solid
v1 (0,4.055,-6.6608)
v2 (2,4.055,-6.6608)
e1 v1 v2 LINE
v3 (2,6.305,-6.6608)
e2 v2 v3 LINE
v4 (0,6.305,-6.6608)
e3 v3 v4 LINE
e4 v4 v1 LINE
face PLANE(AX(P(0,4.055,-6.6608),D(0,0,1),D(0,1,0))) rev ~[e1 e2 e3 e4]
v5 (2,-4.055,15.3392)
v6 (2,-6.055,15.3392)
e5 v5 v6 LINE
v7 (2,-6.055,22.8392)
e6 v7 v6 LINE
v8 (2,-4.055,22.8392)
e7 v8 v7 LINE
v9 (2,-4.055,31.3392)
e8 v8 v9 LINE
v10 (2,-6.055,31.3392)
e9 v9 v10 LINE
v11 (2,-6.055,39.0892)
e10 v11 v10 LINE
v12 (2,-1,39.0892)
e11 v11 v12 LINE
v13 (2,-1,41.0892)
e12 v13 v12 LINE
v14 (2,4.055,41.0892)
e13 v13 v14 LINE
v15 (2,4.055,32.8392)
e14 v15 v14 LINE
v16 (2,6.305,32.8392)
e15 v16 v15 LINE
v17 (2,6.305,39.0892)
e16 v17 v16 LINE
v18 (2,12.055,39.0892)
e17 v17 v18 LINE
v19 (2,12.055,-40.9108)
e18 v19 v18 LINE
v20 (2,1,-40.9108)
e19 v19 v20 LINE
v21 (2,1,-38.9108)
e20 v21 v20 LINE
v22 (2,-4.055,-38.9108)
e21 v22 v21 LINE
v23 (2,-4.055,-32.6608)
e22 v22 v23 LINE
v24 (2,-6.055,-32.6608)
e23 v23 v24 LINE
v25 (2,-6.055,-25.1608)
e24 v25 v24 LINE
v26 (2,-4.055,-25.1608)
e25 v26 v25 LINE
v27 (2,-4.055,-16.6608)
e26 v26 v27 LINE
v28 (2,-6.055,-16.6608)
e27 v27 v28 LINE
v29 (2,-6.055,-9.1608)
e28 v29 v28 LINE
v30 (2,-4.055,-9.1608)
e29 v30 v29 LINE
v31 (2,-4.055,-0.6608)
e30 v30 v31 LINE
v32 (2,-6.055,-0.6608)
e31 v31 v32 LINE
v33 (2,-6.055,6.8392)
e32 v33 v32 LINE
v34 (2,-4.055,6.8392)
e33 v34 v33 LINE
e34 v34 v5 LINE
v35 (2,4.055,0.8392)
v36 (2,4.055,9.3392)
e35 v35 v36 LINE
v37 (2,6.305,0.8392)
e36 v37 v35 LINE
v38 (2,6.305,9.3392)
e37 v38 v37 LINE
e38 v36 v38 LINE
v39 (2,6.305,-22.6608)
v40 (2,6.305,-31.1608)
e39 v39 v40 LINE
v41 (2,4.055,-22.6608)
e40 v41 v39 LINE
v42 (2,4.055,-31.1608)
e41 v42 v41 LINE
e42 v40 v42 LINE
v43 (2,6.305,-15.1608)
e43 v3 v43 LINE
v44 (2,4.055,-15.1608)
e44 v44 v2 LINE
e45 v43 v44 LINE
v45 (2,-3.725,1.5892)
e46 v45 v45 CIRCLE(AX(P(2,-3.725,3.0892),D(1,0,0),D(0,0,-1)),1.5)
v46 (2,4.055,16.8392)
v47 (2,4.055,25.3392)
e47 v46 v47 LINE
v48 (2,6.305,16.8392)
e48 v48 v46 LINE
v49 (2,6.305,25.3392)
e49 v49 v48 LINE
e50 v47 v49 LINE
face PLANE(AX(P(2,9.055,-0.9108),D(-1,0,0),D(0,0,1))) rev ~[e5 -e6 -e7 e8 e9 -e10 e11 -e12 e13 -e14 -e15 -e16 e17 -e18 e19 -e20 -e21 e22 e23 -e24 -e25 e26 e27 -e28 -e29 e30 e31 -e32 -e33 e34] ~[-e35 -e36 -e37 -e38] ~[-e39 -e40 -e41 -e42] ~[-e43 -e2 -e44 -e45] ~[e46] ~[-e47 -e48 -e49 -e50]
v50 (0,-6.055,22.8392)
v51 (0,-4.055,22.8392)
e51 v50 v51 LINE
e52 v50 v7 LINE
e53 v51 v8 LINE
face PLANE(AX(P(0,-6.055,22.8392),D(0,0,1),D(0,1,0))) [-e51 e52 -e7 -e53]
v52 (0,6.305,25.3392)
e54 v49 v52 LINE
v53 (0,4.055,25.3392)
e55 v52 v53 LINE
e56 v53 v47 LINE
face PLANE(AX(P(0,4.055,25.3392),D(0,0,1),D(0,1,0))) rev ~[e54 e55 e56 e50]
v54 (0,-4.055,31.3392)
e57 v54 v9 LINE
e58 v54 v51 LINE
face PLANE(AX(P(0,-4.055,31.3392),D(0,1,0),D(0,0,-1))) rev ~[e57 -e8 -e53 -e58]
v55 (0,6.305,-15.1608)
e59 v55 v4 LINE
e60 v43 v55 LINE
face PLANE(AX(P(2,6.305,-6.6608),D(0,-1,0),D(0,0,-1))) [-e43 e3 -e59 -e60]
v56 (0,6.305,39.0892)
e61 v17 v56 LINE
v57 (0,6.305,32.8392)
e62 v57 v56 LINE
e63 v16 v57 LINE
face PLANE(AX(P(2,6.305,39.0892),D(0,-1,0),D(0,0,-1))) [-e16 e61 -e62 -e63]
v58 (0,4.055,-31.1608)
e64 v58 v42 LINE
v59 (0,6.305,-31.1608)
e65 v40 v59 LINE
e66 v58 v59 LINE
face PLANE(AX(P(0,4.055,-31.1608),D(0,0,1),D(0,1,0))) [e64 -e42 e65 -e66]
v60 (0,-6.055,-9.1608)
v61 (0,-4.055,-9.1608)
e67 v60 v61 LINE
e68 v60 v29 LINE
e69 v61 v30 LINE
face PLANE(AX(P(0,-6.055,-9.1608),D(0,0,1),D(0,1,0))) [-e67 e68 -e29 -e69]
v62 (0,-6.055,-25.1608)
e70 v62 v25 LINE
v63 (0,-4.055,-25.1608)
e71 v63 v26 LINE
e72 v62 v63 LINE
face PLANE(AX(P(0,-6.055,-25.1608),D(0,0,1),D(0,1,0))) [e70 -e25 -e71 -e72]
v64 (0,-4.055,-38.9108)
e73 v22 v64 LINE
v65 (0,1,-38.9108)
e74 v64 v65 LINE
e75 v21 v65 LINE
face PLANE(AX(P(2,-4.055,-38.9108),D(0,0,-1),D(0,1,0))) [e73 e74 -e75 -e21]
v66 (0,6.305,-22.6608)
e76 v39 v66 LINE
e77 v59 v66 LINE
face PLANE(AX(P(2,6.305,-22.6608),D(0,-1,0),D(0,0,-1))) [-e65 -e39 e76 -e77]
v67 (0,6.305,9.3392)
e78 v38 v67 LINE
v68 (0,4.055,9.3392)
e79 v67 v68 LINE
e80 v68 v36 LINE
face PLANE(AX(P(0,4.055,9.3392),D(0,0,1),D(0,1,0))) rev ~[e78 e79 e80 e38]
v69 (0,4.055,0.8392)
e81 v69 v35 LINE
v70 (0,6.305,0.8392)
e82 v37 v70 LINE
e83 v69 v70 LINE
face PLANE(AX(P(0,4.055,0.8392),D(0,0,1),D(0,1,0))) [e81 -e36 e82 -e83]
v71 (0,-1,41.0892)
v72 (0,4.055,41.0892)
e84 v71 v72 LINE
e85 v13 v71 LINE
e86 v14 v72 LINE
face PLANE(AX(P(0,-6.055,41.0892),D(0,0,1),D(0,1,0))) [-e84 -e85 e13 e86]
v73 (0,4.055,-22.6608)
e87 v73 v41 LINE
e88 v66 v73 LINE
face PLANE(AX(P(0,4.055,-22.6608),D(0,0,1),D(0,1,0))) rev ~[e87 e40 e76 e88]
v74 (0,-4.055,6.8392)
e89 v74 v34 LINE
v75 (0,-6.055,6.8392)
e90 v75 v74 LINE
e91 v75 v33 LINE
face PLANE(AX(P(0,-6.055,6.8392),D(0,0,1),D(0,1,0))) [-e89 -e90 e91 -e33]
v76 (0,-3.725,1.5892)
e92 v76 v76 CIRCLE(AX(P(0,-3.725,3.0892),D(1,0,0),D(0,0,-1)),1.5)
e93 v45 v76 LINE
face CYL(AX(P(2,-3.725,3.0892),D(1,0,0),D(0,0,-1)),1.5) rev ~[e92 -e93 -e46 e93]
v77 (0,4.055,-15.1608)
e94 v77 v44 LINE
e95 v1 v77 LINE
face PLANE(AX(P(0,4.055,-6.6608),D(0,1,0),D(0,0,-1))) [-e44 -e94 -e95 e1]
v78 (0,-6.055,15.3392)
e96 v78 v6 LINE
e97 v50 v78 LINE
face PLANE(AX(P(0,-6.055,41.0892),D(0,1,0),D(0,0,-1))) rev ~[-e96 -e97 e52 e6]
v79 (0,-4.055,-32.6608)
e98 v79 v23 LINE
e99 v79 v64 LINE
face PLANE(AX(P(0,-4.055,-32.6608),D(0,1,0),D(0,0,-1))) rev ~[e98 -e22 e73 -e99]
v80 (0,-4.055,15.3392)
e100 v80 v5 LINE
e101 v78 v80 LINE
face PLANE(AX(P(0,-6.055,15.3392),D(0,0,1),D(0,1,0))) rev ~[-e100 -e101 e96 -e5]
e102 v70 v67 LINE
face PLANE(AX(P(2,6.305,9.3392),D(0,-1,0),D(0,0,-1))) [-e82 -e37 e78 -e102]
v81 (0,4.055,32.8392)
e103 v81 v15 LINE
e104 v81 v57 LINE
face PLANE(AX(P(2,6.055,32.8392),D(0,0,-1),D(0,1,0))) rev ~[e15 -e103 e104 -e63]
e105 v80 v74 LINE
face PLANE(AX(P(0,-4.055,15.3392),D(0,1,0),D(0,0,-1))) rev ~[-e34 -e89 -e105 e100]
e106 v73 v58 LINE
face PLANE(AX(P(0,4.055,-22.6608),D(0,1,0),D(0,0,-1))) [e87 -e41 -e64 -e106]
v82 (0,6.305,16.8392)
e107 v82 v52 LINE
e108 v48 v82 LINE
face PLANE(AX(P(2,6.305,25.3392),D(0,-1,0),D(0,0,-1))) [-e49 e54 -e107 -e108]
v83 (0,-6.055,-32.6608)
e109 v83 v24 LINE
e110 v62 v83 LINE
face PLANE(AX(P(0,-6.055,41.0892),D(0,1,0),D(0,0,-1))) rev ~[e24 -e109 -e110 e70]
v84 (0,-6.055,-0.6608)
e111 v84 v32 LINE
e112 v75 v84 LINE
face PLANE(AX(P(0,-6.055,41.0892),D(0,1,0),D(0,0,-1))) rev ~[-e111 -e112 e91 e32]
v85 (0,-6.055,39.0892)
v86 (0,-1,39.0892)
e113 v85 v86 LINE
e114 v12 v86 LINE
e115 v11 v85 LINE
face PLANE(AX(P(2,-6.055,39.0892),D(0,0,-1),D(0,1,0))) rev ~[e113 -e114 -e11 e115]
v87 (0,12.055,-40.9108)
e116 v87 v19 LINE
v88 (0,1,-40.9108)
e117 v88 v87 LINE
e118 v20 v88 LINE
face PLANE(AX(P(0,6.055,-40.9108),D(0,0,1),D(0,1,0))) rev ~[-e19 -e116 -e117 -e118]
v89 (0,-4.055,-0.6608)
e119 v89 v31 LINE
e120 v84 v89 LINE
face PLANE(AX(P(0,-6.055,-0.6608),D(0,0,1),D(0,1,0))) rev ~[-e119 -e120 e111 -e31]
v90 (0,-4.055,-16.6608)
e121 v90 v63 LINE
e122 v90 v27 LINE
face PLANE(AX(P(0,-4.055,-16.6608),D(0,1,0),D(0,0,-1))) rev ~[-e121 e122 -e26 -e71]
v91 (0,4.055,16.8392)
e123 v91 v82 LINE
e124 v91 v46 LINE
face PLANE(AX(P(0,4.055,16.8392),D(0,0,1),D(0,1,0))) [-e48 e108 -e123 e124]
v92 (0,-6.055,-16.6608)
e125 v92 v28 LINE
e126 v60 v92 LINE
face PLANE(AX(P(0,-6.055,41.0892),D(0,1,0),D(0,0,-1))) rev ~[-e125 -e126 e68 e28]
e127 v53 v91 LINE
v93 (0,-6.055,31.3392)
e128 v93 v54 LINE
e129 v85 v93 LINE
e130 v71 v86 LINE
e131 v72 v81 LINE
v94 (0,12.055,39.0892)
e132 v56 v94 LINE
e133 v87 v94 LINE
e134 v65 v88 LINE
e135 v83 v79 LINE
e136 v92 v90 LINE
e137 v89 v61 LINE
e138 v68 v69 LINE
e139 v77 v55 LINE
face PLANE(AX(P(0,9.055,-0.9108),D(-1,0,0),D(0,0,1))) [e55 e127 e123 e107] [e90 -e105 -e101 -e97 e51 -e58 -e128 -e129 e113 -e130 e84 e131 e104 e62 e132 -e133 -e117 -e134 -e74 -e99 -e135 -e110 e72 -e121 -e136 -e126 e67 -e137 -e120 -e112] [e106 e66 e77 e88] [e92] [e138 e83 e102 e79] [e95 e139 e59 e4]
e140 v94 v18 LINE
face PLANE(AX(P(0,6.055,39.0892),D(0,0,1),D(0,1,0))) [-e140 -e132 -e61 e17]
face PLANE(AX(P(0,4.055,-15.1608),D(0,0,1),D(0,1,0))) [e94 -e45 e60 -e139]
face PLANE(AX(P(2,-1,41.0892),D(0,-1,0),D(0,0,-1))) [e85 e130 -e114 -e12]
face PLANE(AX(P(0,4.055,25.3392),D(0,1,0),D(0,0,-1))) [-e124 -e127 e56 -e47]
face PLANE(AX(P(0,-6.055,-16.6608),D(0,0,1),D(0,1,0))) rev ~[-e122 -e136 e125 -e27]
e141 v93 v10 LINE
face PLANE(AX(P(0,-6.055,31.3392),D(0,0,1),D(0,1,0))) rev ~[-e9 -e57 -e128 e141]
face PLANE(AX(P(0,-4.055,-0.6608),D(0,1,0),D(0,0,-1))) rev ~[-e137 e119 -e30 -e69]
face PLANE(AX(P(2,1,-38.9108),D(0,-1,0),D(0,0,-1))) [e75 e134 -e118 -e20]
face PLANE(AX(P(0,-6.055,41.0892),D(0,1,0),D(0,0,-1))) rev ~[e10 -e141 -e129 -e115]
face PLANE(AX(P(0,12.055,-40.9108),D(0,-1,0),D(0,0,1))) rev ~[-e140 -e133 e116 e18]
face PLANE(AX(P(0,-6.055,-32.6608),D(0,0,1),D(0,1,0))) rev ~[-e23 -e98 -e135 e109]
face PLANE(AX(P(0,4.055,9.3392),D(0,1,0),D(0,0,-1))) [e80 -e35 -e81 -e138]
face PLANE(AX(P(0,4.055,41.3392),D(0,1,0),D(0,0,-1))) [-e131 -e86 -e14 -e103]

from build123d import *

# Parameters (mm, degrees)
ESQUISSE1_W             = 82
ESQUISSE1_H             = 12.11
BOSS_EXTRU_1_DEPTH      = 2
ESQUISSE2_W             = 8.5
ESQUISSE2_H             = 2.25
ENL_V_MAT_EXTRU_1_DEPTH = 42.581069992
ESQUISSE3_W             = 8.5
ESQUISSE3_H             = 2
ENL_V_MAT_EXTRU_2_DEPTH = 42.581069992
ESQUISSE4_W             = 2
ESQUISSE4_H             = 5.055
ENL_V_MAT_EXTRU_3_DEPTH = 42.581069992
ESQUISSE5_W             = 80
ESQUISSE5_H             = 6
BOSS_EXTRU_2_DEPTH      = 2
ESQUISSE6_W             = 6.25
ESQUISSE6_H             = 0.25
ESQUISSE6_W_2           = 8.5
ENL_V_MAT_EXTRU_4_DEPTH = 43.867766231
SKETCH1_R               = 1.5
CUT_EXTRUDE1_DEPTH      = 43.867766231


with BuildPart() as part:
    # Esquisse1 → Boss.-Extru.1 (new body)
    with BuildSketch(Plane(origin=(0, 0, 0), x_dir=(0, 0, -1), z_dir=(1, 0, 0))):
        with Locations((-0.0892, 0)):
            Rectangle(ESQUISSE1_W, ESQUISSE1_H)
    extrude(amount=BOSS_EXTRU_1_DEPTH)

    # Esquisse2 → Enlèv. mat.-Extru.1 (cut, through all)
    with BuildSketch(Plane(origin=(0, 0, 0), x_dir=(0, 0, -1), z_dir=(1, 0, 0))):
        with Locations((-37.0892, 5.18)):
            Rectangle(ESQUISSE2_W, ESQUISSE2_H)
        with Locations((-21.0892, 5.18)):
            Rectangle(ESQUISSE2_W, ESQUISSE2_H)
        with Locations((-5.0892, 5.18)):
            Rectangle(ESQUISSE2_W, ESQUISSE2_H)
        with Locations((10.9108, 5.18)):
            Rectangle(ESQUISSE2_W, ESQUISSE2_H)
        with Locations((26.9108, 5.18)):
            Rectangle(ESQUISSE2_W, ESQUISSE2_H)
    extrude(amount=ENL_V_MAT_EXTRU_1_DEPTH, mode=Mode.SUBTRACT)

    # Esquisse3 → Enlèv. mat.-Extru.2 (cut, through all)
    with BuildSketch(Plane(origin=(0, 0, 0), x_dir=(0, 0, -1), z_dir=(1, 0, 0))):
        with Locations((-27.0892, -5.055)):
            Rectangle(ESQUISSE3_W, ESQUISSE3_H)
        with Locations((-11.0892, -5.055)):
            Rectangle(ESQUISSE3_W, ESQUISSE3_H)
        with Locations((4.9108, -5.055)):
            Rectangle(ESQUISSE3_W, ESQUISSE3_H)
        with Locations((20.9108, -5.055)):
            Rectangle(ESQUISSE3_W, ESQUISSE3_H)
        with Locations((36.9108, -5.055)):
            Rectangle(ESQUISSE3_W, ESQUISSE3_H)
    extrude(amount=ENL_V_MAT_EXTRU_2_DEPTH, mode=Mode.SUBTRACT)

    # Esquisse4 → Enlèv. mat.-Extru.3 (cut, through all)
    with BuildSketch(Plane(origin=(2, 0, 0), x_dir=(0, 0, -1), z_dir=(1, 0, 0))):
        with Locations((-40.0892, -3.5275)):
            Rectangle(ESQUISSE4_W, ESQUISSE4_H)
        with Locations((39.9108, -1.5275)):
            Rectangle(ESQUISSE4_W, ESQUISSE4_H)
    extrude(amount=-ENL_V_MAT_EXTRU_3_DEPTH, mode=Mode.SUBTRACT)

    # Esquisse5 → Boss.-Extru.2 (add)
    with BuildSketch(Plane.ZY):
        with Locations((-0.9108, 9.055)):
            Rectangle(ESQUISSE5_W, ESQUISSE5_H)
    extrude(amount=-BOSS_EXTRU_2_DEPTH)

    # Esquisse6 → Enlèv. mat.-Extru.4 (cut, through all)
    with BuildSketch(Plane(origin=(2, 0, 0), x_dir=(0, 0, -1), z_dir=(1, 0, 0))):
        with Locations((-35.9642, 6.18)):
            Rectangle(ESQUISSE6_W, ESQUISSE6_H)
        with Locations((-21.0892, 6.18)):
            Rectangle(ESQUISSE6_W_2, ESQUISSE6_H)
        with Locations((-5.0892, 6.18)):
            Rectangle(ESQUISSE6_W_2, ESQUISSE6_H)
        with Locations((10.9108, 6.18)):
            Rectangle(ESQUISSE6_W_2, ESQUISSE6_H)
        with Locations((26.9108, 6.18)):
            Rectangle(ESQUISSE6_W_2, ESQUISSE6_H)
    extrude(amount=-ENL_V_MAT_EXTRU_4_DEPTH, mode=Mode.SUBTRACT)

    # Sketch1 → Cut-Extrude1 (cut, through all)
    with BuildSketch(Plane(origin=(2, 0, 0), x_dir=(0, 0, -1), z_dir=(1, 0, 0))):
        with Locations((-3.0892, -3.725)):
            Circle(SKETCH1_R)
    extrude(amount=-CUT_EXTRUDE1_DEPTH, mode=Mode.SUBTRACT)


solid = part.part
